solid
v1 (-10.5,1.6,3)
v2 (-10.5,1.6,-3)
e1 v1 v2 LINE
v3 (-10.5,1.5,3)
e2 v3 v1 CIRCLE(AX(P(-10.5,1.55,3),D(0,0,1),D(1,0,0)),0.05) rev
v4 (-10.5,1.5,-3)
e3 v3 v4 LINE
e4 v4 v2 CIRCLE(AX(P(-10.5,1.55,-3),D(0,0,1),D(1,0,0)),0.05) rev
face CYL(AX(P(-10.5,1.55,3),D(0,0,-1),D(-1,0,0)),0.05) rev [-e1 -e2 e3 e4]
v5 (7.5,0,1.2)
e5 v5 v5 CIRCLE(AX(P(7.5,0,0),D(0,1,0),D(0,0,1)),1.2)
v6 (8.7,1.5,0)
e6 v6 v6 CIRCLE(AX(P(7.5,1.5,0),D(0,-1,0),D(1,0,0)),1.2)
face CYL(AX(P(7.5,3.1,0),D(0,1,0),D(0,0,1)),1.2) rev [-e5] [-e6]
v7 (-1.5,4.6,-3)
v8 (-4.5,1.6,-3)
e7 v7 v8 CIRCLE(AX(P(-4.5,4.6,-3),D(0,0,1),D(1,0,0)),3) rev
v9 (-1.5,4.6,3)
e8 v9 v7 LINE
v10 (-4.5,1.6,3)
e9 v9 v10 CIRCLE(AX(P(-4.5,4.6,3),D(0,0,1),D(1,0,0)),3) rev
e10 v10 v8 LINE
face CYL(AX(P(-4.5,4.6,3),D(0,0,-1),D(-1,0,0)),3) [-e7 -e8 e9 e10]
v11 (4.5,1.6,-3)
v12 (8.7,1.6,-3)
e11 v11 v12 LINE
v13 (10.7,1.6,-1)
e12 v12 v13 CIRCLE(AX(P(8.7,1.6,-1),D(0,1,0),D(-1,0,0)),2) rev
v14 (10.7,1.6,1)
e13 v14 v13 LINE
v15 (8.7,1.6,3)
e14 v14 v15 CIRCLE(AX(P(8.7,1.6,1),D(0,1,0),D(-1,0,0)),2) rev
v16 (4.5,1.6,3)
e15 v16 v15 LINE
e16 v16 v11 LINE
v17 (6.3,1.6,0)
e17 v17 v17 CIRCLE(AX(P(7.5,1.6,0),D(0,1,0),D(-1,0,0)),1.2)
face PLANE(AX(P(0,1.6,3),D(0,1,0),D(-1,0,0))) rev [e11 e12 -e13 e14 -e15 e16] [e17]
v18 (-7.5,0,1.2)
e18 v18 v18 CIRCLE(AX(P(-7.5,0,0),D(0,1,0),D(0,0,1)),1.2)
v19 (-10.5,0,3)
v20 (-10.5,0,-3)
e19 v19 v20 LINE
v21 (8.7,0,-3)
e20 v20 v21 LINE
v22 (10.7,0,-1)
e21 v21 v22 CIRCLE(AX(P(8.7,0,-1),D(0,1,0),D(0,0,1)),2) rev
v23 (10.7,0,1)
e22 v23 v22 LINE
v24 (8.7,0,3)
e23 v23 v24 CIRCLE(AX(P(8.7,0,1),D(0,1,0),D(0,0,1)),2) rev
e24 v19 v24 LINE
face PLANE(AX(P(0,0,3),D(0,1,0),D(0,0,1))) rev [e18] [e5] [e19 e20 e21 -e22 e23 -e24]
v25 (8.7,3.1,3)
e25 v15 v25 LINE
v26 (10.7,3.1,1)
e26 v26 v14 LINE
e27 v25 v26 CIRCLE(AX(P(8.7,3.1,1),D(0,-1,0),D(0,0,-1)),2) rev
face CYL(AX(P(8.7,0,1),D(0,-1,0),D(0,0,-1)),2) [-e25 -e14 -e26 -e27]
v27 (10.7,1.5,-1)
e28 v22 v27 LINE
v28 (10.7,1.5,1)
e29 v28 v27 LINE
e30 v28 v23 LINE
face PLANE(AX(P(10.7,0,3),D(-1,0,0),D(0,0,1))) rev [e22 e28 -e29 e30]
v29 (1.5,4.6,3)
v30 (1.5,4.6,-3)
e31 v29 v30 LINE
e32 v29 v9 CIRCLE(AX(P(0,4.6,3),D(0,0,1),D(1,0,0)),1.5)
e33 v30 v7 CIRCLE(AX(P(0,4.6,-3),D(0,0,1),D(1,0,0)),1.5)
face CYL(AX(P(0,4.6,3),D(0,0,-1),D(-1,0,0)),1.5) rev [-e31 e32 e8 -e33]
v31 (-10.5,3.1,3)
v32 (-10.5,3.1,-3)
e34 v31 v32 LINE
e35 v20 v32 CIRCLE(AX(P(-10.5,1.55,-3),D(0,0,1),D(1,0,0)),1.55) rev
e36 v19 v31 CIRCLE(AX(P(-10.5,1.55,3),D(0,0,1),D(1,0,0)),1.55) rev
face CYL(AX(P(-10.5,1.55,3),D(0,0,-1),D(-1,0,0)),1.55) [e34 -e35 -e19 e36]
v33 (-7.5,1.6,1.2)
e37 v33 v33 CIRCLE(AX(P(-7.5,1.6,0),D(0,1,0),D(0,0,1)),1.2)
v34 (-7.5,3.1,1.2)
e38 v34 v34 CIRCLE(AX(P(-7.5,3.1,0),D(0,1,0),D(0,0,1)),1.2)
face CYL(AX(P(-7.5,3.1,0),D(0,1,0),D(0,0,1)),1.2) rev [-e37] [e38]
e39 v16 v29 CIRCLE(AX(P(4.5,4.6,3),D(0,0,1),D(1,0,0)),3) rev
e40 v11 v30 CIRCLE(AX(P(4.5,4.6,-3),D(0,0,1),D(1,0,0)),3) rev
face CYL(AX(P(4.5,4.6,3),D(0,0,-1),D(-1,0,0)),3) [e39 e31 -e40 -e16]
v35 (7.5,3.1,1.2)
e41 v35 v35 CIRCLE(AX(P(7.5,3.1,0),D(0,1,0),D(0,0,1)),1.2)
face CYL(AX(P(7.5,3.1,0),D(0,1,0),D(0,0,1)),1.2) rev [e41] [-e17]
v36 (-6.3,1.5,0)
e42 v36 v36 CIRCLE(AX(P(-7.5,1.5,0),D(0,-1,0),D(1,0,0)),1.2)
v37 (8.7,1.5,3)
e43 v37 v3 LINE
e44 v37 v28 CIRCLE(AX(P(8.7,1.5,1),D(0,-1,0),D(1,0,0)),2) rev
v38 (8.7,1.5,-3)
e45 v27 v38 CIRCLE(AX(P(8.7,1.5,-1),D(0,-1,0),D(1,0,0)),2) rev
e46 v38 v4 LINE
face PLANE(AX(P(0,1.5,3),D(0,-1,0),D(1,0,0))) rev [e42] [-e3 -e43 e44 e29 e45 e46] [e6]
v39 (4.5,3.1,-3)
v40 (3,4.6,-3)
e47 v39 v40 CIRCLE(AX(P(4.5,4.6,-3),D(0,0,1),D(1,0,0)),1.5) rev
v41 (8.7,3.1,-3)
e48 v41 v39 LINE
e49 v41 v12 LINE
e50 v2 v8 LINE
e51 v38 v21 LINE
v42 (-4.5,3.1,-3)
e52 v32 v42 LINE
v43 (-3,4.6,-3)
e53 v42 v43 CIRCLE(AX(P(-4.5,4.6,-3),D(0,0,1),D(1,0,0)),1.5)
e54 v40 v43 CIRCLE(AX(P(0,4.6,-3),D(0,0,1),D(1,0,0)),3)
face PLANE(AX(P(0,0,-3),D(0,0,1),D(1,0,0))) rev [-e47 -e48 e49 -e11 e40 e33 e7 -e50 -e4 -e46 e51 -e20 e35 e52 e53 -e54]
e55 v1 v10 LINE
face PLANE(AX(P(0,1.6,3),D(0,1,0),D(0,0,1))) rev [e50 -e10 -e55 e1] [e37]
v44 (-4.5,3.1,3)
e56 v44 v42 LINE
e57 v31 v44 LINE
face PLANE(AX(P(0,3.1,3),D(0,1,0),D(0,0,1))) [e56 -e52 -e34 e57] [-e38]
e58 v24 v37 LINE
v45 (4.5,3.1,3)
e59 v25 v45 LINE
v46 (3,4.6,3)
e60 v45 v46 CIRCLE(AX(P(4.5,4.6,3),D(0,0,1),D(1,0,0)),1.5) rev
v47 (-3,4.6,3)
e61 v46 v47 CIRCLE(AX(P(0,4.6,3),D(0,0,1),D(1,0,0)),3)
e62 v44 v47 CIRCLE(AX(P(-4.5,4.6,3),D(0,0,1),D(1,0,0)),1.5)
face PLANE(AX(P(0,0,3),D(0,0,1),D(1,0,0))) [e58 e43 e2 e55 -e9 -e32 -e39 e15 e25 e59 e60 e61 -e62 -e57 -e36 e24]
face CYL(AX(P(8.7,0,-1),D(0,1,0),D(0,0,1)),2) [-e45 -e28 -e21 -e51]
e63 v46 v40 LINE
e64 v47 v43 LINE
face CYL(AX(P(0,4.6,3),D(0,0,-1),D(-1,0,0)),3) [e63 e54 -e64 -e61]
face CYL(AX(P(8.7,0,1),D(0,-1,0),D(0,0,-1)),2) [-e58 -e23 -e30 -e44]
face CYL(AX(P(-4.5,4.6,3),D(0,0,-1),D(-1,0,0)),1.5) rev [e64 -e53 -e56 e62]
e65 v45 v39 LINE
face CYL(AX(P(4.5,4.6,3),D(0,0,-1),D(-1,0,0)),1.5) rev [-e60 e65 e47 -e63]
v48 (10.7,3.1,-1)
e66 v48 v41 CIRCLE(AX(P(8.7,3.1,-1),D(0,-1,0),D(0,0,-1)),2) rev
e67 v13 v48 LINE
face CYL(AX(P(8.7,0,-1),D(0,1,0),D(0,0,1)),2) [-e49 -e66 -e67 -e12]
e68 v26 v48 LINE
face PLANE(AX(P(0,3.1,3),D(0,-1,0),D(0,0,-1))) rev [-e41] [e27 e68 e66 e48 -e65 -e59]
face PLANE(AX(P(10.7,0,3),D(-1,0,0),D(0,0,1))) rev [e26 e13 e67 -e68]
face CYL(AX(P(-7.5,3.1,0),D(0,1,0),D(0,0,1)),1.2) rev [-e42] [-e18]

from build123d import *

# Parameters (mm, degrees)
BOSS_EXTRUDE1_DEPTH  = 3
M2_CLEARANCE_HOLE1_D = 2.4
FILLET1_R            = 2


with BuildPart() as part:
    # Sketch1 → Boss-Extrude1 (new, symmetric)
    with BuildSketch(Plane.XY):
        with BuildLine():
            ThreePointArc((4.5, 3.1), (3.439339828, 3.539339828), (3, 4.6))
            ThreePointArc((3, 4.6), (2.121320344, 6.721320344), (0, 7.6))
            ThreePointArc((0, 7.6), (-2.121320344, 6.721320344), (-3, 4.6))
            ThreePointArc((-3, 4.6), (-3.439339828, 3.539339828), (-4.5, 3.1))
            Line((-4.5, 3.1), (-10.5, 3.1))
            ThreePointArc((-10.5, 3.1), (-12.05, 1.55), (-10.5, 0))
            Line((-10.5, 0), (10.7, 0))
            Line((10.7, 0), (10.7, 1.5))
            Line((10.7, 1.5), (-10.5, 1.5))
            ThreePointArc((-10.5, 1.5), (-10.55, 1.55), (-10.5, 1.6))
            Line((-10.5, 1.6), (-4.5, 1.6))
            ThreePointArc((-4.5, 1.6), (-2.378679656, 2.478679656), (-1.5, 4.6))
            ThreePointArc((-1.5, 4.6), (-1.060660172, 5.660660172), (0, 6.1))
            ThreePointArc((0, 6.1), (1.060660172, 5.660660172), (1.5, 4.6))
            ThreePointArc((1.5, 4.6), (2.378679656, 2.478679656), (4.5, 1.6))
            Line((4.5, 1.6), (10.7, 1.6))
            Line((10.7, 1.6), (10.7, 3.1))
            Line((10.7, 3.1), (4.5, 3.1))
        make_face()
    extrude(amount=BOSS_EXTRUDE1_DEPTH, both=True)

    # M2 Clearance Hole1 (through all)
    with Locations(Plane(origin=(0, 3.1, 0), x_dir=(1, 0, 0), z_dir=(0, 1, 0))):
        with Locations((-7.5, 0), (7.5, 0)):
            Hole(M2_CLEARANCE_HOLE1_D / 2)

    # Fillet1
    fillet1_edges = [part.edges().sort_by_distance(p)[0] for p in [
        (10.7, 2.35, -3),
        (10.7, 0.75, -3),
        (10.7, 0.75, 3),
        (10.7, 2.35, 3),
    ]]
    fillet(fillet1_edges, radius=FILLET1_R)


solid = part.part
